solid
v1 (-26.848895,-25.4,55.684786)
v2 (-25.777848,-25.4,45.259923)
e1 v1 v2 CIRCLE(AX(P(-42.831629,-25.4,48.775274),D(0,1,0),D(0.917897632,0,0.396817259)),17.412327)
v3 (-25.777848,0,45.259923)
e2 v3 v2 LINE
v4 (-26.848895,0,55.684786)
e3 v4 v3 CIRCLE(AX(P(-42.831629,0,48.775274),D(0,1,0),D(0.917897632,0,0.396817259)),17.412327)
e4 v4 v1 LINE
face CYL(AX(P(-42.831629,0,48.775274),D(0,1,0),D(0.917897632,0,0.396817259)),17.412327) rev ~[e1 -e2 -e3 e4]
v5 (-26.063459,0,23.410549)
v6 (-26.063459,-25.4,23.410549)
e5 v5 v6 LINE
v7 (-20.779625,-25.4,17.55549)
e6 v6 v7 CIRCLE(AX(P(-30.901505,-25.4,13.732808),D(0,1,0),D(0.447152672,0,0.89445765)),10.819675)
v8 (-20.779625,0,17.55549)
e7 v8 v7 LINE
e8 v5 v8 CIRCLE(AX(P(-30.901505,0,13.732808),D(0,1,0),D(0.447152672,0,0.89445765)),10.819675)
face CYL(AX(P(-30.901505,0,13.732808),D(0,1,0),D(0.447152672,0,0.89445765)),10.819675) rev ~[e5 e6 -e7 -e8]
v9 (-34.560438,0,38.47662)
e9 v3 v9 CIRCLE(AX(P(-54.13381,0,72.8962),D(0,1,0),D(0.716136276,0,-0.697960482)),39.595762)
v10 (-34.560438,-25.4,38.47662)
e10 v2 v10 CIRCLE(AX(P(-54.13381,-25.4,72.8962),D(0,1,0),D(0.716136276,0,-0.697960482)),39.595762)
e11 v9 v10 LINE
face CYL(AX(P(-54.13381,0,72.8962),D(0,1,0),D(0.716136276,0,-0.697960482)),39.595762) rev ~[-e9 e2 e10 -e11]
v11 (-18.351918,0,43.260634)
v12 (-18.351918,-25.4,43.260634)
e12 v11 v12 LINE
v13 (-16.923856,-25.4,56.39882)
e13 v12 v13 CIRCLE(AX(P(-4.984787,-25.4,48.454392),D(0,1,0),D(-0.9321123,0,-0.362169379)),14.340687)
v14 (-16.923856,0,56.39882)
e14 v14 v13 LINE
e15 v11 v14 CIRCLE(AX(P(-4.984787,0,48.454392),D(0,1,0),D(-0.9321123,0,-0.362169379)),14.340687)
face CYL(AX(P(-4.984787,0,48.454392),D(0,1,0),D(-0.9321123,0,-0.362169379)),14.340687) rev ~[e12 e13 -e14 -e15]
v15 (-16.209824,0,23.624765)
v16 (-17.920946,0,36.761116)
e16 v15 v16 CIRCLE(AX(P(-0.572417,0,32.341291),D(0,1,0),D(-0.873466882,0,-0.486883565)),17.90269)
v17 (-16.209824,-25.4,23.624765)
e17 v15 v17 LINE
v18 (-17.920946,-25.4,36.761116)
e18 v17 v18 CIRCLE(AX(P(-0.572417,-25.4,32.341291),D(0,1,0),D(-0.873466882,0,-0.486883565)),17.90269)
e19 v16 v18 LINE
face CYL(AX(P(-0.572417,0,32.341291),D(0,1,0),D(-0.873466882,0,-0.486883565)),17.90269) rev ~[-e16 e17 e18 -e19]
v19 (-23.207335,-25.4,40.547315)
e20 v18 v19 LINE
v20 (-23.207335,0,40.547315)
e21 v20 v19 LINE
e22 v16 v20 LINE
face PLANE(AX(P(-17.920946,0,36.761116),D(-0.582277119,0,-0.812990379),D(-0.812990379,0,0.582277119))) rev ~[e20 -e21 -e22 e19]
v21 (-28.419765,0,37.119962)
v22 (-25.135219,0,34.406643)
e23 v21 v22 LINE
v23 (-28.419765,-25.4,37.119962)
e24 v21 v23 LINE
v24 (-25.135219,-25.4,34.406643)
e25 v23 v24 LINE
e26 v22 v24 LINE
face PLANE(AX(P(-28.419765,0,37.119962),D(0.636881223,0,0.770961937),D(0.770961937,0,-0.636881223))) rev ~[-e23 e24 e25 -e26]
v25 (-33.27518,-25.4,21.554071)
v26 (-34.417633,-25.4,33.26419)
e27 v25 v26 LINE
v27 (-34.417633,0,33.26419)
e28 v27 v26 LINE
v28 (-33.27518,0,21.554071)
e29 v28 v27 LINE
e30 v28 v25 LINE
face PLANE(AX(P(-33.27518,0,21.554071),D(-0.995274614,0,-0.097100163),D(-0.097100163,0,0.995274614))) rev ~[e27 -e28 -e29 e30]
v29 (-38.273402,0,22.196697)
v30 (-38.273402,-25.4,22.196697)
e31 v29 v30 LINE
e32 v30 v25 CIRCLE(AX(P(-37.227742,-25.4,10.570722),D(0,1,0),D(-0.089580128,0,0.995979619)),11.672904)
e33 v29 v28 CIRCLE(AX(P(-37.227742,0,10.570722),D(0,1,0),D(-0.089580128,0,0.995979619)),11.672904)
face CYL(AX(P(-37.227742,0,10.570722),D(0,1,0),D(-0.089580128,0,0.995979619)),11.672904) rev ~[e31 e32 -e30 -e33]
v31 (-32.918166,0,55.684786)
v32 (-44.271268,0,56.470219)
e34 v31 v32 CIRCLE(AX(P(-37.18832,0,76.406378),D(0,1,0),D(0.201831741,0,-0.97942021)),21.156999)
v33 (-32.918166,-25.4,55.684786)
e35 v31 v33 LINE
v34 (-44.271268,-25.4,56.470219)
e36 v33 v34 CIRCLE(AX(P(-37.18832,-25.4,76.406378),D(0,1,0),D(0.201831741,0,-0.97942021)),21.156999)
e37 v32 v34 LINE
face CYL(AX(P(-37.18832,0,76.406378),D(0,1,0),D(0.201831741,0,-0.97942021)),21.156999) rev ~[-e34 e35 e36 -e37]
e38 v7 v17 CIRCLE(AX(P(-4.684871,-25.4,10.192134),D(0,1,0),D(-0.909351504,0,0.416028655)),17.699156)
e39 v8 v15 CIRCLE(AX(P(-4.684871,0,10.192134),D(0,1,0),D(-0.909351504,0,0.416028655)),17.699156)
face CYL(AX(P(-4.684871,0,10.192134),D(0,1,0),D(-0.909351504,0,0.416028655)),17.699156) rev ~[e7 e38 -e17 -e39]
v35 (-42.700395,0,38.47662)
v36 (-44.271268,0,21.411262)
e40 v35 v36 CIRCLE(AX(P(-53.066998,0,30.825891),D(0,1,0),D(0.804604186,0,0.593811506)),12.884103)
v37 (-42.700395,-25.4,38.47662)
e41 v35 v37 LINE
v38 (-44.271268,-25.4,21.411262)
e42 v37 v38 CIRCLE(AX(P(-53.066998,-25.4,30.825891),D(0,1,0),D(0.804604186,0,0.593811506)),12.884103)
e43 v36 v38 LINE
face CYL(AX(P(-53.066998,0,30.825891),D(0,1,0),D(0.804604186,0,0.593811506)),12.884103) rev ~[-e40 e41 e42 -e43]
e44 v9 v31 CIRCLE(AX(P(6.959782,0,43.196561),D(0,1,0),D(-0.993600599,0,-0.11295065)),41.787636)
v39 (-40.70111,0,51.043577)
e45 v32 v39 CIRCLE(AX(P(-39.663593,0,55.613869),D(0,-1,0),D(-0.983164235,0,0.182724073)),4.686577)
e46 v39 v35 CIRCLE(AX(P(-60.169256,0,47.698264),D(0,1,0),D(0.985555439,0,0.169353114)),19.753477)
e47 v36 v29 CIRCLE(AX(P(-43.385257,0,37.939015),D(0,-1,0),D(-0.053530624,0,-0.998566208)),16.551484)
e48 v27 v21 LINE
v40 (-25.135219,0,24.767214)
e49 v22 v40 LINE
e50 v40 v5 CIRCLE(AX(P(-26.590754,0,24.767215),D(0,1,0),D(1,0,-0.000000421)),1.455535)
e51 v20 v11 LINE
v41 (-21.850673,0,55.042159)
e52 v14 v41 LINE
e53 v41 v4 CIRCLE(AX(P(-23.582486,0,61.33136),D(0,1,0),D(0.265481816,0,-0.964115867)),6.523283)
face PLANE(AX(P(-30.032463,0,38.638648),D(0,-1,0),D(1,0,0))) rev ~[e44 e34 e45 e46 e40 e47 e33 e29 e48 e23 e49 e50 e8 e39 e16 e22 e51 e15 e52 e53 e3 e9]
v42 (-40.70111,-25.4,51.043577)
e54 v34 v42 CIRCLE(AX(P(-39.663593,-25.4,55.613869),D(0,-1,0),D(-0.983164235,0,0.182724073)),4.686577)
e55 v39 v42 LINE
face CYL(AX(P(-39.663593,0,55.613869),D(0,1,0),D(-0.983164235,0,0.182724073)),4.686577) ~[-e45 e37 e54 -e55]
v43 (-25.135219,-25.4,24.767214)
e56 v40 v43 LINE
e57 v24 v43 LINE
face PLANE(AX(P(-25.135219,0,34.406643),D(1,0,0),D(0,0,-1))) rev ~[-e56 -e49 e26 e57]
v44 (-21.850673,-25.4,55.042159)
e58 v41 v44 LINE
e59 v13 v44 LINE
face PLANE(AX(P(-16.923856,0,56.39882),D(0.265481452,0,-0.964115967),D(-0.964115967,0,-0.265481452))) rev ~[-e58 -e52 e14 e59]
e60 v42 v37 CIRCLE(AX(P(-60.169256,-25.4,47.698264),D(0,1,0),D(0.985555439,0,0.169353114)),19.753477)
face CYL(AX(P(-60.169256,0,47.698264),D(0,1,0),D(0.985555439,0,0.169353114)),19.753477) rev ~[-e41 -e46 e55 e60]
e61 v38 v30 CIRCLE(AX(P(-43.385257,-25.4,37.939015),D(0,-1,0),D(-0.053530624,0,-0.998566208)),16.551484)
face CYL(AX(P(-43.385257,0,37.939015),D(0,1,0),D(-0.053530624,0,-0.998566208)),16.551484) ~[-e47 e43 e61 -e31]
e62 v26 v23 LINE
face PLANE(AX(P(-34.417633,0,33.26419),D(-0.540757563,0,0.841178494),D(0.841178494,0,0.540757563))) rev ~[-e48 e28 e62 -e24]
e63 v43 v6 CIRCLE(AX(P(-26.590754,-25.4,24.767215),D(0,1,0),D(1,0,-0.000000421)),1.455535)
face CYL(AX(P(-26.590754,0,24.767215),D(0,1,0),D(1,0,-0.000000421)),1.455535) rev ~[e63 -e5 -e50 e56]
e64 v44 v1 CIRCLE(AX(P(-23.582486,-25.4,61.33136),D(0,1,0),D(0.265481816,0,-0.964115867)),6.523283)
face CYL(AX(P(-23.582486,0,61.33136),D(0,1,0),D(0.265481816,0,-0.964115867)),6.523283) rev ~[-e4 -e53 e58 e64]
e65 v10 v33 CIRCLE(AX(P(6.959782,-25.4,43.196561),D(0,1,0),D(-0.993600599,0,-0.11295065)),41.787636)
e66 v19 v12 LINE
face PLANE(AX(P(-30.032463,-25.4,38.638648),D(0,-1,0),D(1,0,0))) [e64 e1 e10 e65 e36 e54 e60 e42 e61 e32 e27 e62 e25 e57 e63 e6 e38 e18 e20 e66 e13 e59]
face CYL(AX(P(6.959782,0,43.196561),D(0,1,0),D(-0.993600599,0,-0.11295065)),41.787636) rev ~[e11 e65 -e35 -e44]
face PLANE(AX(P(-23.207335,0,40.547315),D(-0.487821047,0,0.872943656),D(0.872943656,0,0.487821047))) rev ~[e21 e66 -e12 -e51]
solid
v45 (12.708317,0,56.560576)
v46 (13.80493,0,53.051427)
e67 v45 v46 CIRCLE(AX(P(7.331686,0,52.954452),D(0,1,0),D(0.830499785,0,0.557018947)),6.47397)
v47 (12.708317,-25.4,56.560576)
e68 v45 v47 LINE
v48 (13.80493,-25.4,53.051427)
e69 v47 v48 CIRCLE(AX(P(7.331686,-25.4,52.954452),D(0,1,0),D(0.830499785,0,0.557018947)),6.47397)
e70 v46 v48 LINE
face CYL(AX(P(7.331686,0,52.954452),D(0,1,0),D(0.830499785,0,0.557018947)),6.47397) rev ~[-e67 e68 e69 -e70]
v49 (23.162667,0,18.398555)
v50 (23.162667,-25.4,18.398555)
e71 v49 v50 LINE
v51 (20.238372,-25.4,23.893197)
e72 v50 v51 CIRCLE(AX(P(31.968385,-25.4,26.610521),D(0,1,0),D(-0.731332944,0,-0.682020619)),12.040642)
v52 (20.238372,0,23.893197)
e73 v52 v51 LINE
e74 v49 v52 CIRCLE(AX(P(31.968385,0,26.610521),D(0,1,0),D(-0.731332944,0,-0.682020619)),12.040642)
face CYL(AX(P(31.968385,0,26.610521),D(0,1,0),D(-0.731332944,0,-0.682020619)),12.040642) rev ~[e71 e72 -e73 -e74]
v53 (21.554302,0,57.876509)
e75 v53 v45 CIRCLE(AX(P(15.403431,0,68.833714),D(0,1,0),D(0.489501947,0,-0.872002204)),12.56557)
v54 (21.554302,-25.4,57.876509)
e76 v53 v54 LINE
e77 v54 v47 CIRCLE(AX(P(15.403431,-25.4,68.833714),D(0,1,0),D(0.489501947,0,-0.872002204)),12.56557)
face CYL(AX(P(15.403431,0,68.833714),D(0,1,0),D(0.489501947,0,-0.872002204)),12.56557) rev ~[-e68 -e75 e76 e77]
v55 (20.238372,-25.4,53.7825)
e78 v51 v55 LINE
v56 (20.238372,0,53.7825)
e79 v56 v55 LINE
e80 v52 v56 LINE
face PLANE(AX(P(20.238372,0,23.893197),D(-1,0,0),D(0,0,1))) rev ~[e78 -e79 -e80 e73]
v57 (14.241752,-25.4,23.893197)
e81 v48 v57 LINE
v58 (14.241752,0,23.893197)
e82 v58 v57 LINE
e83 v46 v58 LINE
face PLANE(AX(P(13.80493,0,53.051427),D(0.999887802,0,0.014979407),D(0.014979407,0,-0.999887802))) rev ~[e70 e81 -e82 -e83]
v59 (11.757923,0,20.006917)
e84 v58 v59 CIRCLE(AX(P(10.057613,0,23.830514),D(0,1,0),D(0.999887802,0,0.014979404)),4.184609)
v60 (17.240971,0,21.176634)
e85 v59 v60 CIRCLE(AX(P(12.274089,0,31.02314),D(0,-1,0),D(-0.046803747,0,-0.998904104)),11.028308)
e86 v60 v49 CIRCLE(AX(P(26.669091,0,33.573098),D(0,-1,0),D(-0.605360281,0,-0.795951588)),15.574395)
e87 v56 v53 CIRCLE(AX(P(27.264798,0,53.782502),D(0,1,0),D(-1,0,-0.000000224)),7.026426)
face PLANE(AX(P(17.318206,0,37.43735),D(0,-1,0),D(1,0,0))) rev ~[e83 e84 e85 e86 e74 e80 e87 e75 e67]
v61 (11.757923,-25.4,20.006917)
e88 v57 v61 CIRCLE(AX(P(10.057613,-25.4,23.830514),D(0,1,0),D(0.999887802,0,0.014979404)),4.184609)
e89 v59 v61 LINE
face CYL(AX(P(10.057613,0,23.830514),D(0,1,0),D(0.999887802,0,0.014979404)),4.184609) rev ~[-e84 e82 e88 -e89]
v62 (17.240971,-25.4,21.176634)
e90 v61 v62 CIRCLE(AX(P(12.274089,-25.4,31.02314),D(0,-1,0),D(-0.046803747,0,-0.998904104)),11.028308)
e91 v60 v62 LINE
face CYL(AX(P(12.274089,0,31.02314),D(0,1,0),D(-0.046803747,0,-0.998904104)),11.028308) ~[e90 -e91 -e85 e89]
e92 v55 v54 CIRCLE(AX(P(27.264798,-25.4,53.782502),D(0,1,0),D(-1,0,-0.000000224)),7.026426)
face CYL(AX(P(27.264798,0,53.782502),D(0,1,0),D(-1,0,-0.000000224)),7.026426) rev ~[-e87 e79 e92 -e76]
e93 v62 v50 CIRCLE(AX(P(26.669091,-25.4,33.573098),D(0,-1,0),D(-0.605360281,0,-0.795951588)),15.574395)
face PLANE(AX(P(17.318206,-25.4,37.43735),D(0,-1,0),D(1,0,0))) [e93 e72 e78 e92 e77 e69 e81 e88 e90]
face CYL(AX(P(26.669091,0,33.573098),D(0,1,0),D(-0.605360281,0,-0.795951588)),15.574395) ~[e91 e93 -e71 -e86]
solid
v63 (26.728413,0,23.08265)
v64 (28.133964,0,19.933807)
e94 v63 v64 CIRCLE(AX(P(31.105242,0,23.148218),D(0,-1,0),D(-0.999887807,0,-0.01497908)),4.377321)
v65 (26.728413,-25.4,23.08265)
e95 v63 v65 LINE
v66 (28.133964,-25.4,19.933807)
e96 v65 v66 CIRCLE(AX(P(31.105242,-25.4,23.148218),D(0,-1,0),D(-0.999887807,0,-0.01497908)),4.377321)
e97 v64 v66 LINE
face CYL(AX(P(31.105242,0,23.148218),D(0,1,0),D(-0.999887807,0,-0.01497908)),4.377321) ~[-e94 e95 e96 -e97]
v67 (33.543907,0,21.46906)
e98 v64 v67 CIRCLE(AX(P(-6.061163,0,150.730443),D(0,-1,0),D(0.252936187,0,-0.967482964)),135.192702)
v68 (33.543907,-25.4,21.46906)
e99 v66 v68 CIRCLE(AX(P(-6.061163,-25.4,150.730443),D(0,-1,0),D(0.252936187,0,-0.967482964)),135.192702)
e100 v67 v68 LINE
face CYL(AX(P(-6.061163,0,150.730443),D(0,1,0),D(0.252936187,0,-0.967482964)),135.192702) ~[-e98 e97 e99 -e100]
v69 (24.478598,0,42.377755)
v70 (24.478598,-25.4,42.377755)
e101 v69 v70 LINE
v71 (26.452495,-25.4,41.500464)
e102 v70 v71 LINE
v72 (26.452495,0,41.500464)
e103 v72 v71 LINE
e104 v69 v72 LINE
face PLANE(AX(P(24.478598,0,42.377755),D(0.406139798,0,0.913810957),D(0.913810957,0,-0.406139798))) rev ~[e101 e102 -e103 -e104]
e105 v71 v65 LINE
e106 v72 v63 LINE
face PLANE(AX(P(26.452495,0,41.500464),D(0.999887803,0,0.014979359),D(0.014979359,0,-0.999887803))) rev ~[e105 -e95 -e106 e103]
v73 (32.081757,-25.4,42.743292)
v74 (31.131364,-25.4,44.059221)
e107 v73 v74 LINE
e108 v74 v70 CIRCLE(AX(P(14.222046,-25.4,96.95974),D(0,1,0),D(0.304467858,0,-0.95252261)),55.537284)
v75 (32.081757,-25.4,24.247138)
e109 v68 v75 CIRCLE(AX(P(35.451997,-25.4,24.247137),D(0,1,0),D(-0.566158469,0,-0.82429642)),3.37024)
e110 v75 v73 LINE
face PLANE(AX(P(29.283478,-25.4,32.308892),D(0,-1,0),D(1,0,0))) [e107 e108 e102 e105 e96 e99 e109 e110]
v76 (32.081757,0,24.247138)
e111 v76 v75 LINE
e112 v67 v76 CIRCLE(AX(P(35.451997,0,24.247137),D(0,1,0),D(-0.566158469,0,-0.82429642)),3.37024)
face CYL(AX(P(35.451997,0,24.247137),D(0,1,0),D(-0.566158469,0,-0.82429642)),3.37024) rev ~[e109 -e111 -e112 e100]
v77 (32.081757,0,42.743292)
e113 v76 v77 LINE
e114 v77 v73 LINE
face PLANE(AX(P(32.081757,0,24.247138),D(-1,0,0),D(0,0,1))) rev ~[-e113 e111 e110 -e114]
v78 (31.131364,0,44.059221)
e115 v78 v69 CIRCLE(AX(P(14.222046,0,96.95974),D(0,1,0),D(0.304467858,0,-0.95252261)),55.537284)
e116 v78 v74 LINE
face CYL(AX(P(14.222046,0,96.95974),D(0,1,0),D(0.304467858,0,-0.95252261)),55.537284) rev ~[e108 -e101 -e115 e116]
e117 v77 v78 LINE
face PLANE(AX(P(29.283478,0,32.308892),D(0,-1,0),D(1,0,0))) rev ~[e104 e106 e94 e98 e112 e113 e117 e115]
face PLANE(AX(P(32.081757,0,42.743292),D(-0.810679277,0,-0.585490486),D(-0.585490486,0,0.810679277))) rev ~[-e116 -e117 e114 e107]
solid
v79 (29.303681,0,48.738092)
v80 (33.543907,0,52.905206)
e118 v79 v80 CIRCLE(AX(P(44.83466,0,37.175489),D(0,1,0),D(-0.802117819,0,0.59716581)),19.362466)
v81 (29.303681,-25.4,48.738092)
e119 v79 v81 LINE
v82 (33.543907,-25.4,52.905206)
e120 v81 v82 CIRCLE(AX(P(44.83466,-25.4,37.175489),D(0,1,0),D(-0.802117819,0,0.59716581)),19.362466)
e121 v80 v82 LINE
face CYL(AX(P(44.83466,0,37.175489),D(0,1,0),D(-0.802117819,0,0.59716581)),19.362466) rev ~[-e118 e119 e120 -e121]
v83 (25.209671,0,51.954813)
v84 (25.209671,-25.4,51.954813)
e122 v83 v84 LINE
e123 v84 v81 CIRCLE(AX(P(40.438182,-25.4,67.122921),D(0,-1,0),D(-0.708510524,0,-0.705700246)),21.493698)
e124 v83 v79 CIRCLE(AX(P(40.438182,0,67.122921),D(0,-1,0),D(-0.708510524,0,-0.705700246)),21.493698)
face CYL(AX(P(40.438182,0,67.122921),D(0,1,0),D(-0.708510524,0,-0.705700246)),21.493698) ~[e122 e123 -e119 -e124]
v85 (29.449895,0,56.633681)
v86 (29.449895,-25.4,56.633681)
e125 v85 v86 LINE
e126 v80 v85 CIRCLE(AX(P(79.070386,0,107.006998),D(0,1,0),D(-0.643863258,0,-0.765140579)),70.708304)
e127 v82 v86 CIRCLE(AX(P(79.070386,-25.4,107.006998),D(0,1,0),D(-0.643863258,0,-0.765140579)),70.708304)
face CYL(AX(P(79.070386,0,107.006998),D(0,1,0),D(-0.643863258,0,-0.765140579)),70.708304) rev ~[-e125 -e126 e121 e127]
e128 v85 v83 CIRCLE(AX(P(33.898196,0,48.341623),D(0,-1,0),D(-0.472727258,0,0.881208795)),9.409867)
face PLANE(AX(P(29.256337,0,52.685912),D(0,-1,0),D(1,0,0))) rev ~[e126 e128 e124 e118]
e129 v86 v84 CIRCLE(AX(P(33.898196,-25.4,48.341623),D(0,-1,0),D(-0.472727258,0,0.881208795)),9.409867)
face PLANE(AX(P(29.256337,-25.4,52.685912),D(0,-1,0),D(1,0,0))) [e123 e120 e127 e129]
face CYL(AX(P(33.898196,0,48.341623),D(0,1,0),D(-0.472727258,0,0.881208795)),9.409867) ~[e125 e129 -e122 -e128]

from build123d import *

# Parameters (mm, degrees)
F1_DEPTH = 25.4


with BuildPart() as f1:
    # F0 (on Front) → F1 (new body)
    with BuildSketch(Plane.XZ):
        with BuildLine():
            Line((-33.27518, 21.554071), (-34.417633, 33.26419))
            Line((-34.417633, 33.26419), (-28.419765, 37.119962))
            Line((-28.419765, 37.119962), (-25.135219, 34.406643))
            Line((-25.135219, 34.406643), (-25.135219, 24.767214))
            ThreePointArc((-25.135219, 24.767214), (-25.389488, 23.945301), (-26.063459, 23.410549))
            ThreePointArc((-26.063459, 23.410549), (-22.869054, 20.981607), (-20.779625, 17.55549))
            ThreePointArc((-20.779625, 17.55549), (-18.824216, 20.838215), (-16.209824, 23.624765))
            ThreePointArc((-16.209824, 23.624765), (-18.325133, 30.028848), (-17.920946, 36.761116))
            Line((-17.920946, 36.761116), (-23.207335, 40.547315))
            Line((-23.207335, 40.547315), (-18.351918, 43.260634))
            ThreePointArc((-18.351918, 43.260634), (-19.241502, 50.004033), (-16.923856, 56.39882))
            Line((-16.923856, 56.39882), (-21.850673, 55.042159))
            ThreePointArc((-21.850673, 55.042159), (-24.414345, 54.861334), (-26.848895, 55.684786))
            ThreePointArc((-26.848895, 55.684786), (-25.510478, 50.554844), (-25.777848, 45.259923))
            ThreePointArc((-25.777848, 45.259923), (-29.930328, 41.559068), (-34.560438, 38.47662))
            ThreePointArc((-34.560438, 38.47662), (-34.638844, 47.166551), (-32.918166, 55.684786))
            ThreePointArc((-32.918166, 55.684786), (-38.648518, 55.299829), (-44.271268, 56.470219))
            ThreePointArc((-44.271268, 56.470219), (-43.57884, 53.038049), (-40.70111, 51.043577))
            ThreePointArc((-40.70111, 51.043577), (-40.661111, 44.594701), (-42.700395, 38.47662))
            ThreePointArc((-42.700395, 38.47662), (-40.237136, 29.644897), (-44.271268, 21.411262))
            ThreePointArc((-44.271268, 21.411262), (-41.236148, 21.527648), (-38.273402, 22.196697))
            ThreePointArc((-38.273402, 22.196697), (-35.739198, 22.148327), (-33.27518, 21.554071))
        make_face()
        with BuildLine():
            ThreePointArc((12.708317, 56.560576), (13.510959, 54.885482), (13.80493, 53.051427))
            Line((13.80493, 53.051427), (14.241752, 23.893197))
            ThreePointArc((14.241752, 23.893197), (13.583585, 21.576968), (11.757923, 20.006917))
            ThreePointArc((11.757923, 20.006917), (14.575019, 20.237533), (17.240971, 21.176634))
            ThreePointArc((17.240971, 21.176634), (20.054332, 19.473214), (23.162667, 18.398555))
            ThreePointArc((23.162667, 18.398555), (21.339329, 20.953647), (20.238372, 23.893197))
            Line((20.238372, 23.893197), (20.238372, 53.7825))
            ThreePointArc((20.238372, 53.7825), (20.575439, 55.93265), (21.554302, 57.876509))
            ThreePointArc((21.554302, 57.876509), (17.252346, 56.404914), (12.708317, 56.560576))
        make_face()
        with BuildLine():
            ThreePointArc((31.131364, 44.059221), (27.830975, 43.115641), (24.478598, 42.377755))
            Line((24.478598, 42.377755), (26.452495, 41.500464))
            Line((26.452495, 41.500464), (26.728413, 23.08265))
            ThreePointArc((26.728413, 23.08265), (27.108059, 21.363993), (28.133964, 19.933807))
            ThreePointArc((28.133964, 19.933807), (30.846919, 20.673301), (33.543907, 21.46906))
            ThreePointArc((33.543907, 21.46906), (32.469612, 22.677456), (32.081757, 24.247138))
            Line((32.081757, 24.247138), (32.081757, 42.743292))
            Line((32.081757, 42.743292), (31.131364, 44.059221))
        make_face()
        with BuildLine():
            ThreePointArc((29.303681, 48.738092), (31.262905, 50.985361), (33.543907, 52.905206))
            ThreePointArc((33.543907, 52.905206), (31.460389, 54.729351), (29.449895, 56.633681))
            ThreePointArc((29.449895, 56.633681), (26.925607, 54.660532), (25.209671, 51.954813))
            ThreePointArc((25.209671, 51.954813), (27.158915, 50.22203), (29.303681, 48.738092))
        make_face()
    extrude(amount=F1_DEPTH)


solid = f1.part
